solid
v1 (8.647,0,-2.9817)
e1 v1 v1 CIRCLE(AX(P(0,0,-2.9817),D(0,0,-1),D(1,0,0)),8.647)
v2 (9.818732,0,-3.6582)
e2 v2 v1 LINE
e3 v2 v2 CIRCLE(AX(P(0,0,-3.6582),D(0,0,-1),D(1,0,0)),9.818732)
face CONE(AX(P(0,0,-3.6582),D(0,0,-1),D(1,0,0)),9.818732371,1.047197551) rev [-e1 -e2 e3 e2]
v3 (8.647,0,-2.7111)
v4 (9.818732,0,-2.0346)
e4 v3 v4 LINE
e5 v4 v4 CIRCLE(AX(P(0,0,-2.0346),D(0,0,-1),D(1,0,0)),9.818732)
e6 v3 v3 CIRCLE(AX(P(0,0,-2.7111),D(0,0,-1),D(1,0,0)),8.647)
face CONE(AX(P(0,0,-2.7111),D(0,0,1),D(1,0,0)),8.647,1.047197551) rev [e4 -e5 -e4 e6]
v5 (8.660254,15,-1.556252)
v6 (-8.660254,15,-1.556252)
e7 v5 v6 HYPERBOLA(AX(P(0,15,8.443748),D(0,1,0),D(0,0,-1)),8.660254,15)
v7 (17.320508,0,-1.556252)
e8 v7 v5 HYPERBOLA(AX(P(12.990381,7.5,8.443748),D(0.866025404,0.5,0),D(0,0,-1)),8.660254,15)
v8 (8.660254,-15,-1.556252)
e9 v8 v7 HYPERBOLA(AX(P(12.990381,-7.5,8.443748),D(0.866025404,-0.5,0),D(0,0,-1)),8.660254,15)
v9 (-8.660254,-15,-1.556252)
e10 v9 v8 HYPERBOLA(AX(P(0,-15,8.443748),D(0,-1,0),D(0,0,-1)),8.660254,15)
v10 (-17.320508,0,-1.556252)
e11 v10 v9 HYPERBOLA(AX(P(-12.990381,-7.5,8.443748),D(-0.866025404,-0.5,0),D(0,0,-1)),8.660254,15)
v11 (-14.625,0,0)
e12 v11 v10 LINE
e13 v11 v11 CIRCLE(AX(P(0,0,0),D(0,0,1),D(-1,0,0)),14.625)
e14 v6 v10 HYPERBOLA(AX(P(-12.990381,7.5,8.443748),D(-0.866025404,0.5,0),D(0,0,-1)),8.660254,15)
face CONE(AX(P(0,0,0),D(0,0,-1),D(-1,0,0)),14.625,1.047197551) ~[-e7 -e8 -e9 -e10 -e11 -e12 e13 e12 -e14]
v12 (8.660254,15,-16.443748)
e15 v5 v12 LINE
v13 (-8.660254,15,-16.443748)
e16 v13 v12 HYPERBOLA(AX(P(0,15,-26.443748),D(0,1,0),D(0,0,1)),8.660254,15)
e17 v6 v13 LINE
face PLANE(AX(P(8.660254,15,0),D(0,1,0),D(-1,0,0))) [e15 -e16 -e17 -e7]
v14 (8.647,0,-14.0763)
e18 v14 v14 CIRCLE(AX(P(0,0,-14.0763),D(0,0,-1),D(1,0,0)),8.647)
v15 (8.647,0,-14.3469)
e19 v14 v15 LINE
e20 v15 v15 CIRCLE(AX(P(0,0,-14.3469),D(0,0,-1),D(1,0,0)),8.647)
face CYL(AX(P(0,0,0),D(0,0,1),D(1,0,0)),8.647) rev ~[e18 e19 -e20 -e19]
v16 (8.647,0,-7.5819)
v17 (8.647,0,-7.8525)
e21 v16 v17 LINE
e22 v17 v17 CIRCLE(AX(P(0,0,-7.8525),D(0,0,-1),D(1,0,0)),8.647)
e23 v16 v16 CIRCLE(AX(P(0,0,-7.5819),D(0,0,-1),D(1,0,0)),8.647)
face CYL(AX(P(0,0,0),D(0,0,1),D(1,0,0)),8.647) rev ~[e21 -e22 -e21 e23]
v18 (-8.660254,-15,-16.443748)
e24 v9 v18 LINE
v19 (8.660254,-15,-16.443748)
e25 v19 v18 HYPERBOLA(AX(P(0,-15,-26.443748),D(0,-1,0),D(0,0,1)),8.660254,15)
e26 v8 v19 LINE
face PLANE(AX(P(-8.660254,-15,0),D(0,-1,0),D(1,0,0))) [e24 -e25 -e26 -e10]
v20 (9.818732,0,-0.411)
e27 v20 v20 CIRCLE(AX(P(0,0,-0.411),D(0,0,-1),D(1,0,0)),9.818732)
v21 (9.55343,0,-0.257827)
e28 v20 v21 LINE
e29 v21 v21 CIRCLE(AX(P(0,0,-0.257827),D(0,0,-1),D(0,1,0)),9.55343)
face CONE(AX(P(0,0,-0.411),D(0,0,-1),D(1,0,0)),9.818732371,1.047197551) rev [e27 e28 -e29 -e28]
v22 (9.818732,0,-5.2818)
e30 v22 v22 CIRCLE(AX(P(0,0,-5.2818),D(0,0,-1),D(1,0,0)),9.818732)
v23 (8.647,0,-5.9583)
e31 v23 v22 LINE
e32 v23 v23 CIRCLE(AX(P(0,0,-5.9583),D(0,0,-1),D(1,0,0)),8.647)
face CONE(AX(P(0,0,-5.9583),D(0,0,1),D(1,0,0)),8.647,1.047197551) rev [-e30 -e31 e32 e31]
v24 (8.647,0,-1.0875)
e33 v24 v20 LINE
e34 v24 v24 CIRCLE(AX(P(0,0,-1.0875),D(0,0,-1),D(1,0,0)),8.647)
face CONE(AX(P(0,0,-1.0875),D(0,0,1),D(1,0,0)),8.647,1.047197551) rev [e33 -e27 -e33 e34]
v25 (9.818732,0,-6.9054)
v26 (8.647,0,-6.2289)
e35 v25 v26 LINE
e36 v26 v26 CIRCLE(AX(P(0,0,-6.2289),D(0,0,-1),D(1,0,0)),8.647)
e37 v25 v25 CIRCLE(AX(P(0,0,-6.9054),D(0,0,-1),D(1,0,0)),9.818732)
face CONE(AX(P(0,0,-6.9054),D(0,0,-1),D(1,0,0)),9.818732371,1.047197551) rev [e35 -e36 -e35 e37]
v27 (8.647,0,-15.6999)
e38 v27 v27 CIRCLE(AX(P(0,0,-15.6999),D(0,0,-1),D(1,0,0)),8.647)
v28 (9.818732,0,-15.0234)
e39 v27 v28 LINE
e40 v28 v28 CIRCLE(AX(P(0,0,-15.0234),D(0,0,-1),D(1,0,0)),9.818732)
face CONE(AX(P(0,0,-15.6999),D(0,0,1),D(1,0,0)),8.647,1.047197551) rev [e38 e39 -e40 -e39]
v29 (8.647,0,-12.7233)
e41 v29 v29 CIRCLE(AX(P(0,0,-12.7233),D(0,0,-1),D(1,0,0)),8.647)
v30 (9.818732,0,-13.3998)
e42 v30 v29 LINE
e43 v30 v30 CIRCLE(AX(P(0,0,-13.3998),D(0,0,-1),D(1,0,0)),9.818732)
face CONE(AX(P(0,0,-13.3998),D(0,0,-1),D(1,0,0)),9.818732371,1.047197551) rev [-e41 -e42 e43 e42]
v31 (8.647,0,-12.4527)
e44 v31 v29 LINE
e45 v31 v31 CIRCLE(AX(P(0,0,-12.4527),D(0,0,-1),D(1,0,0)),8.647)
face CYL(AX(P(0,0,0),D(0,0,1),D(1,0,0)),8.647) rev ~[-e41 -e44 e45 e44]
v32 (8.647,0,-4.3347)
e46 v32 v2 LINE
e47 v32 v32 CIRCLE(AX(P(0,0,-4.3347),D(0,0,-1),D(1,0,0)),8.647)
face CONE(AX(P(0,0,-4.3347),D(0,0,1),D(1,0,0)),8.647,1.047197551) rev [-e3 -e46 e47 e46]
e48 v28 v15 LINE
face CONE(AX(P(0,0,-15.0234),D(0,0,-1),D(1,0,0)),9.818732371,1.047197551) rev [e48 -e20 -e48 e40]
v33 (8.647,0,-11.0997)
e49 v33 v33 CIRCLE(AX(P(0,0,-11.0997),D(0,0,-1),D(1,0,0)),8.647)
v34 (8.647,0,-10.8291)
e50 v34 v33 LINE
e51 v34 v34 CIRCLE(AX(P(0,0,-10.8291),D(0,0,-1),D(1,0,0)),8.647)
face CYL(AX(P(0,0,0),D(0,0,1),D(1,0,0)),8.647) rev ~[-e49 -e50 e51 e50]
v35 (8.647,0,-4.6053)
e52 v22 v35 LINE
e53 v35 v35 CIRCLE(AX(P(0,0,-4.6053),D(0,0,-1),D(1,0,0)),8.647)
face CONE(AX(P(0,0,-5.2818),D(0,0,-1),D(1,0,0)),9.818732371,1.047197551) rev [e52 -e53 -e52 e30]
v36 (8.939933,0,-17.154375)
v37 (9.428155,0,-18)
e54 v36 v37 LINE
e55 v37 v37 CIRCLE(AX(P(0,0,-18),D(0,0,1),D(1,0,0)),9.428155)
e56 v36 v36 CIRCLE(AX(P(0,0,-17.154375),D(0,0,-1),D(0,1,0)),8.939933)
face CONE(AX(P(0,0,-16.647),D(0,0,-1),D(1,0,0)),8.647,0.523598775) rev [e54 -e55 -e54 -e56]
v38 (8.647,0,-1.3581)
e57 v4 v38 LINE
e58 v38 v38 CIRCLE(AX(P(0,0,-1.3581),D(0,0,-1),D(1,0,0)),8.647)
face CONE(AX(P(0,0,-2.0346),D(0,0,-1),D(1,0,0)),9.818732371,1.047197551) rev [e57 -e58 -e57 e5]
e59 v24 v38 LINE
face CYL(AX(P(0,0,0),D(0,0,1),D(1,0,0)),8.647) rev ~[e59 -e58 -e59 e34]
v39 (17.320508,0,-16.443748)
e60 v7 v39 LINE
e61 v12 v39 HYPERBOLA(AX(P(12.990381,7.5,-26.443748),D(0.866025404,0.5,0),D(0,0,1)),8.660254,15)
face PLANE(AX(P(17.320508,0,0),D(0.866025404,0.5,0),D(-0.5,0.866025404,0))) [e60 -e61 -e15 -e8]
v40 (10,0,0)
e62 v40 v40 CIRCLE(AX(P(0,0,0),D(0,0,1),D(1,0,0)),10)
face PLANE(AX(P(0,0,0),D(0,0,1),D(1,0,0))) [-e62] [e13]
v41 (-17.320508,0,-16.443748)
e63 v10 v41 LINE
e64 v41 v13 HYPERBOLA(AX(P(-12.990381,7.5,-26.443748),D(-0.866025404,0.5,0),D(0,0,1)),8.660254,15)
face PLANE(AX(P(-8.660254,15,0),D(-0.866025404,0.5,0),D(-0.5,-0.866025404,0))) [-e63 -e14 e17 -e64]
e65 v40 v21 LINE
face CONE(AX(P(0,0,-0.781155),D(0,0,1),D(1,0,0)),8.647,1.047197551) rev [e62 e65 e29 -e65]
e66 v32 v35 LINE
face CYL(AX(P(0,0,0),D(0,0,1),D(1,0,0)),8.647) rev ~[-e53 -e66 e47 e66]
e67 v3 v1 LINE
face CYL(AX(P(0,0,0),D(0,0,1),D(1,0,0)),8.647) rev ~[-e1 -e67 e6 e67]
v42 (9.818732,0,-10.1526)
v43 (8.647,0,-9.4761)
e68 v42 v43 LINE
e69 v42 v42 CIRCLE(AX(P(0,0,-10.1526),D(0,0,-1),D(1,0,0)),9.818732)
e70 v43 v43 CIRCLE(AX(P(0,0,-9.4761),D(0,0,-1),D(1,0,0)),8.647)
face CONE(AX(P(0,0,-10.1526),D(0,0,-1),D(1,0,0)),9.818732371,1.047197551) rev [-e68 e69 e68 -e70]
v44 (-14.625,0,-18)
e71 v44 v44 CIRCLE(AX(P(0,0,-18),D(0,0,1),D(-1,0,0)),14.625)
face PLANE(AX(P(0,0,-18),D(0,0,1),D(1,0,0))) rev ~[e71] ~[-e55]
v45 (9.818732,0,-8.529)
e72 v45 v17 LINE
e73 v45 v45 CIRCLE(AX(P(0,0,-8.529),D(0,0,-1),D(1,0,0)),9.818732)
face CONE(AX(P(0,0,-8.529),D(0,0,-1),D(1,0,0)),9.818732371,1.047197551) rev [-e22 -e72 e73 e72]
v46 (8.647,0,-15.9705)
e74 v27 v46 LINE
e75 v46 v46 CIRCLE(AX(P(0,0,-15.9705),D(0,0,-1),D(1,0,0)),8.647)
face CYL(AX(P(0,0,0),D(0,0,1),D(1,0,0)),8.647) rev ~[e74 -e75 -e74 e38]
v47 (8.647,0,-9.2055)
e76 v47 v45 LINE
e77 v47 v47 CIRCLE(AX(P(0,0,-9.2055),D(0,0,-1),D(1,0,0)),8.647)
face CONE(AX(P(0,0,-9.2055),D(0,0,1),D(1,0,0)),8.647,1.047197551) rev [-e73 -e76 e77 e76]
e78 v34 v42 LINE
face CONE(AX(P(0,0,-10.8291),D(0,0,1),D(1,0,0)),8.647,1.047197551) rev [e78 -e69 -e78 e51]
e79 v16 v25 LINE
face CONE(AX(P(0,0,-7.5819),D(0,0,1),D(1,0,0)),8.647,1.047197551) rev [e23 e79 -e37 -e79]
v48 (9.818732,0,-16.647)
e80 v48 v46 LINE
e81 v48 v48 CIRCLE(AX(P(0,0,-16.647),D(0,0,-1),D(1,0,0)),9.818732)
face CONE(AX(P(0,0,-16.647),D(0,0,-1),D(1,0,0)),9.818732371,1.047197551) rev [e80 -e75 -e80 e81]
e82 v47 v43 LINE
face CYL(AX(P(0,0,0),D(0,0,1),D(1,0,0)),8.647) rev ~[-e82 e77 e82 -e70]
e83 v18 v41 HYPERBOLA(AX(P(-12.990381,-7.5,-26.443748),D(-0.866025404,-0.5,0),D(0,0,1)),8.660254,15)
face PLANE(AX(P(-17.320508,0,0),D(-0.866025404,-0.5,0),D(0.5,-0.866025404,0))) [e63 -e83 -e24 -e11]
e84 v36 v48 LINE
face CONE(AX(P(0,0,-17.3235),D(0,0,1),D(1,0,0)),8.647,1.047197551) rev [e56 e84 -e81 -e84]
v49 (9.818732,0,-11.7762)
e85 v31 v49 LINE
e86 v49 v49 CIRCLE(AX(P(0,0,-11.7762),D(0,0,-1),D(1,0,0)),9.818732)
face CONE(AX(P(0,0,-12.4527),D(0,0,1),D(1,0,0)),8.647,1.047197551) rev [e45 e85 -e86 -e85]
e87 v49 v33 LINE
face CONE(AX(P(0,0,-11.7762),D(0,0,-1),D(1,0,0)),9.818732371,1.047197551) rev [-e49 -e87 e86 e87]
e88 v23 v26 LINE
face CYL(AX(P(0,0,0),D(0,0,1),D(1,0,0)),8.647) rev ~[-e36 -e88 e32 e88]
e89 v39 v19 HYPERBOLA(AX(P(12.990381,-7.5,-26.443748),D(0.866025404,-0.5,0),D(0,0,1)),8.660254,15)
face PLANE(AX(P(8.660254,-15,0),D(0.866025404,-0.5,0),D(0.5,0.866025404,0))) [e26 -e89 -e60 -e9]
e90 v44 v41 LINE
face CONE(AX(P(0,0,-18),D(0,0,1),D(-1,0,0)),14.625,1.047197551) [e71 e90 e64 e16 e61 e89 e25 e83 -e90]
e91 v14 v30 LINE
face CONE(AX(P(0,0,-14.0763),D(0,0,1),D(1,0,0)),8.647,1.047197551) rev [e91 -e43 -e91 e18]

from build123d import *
from OCP.BRepFilletAPI import BRepFilletAPI_MakeChamfer

# Parameters (mm, degrees)
SKETCH1_R        = 8.647
BASENUT_DEPTH    = 18
ENDCHAMFER_SIZE  = 1.353
ENDCHAMFER_SIZE2 = 0.781154914
LPATTERN10_COUNT = 11
LPATTERN10_PITCH = 1.6236


with BuildPart() as part:
    # Sketch1 → BaseNut (new body)
    with BuildSketch(Plane.XY):
        Polygon((17.320508076, 0), (8.660254038, 15), (-8.660254038, 15), (-17.320508076, 0), (-8.660254038, -15), (8.660254038, -15), align=None)
        Circle(SKETCH1_R, mode=Mode.SUBTRACT)
    extrude(amount=-BASENUT_DEPTH)

    # Sketch2 → Double-Chamfer (revolve, cut)
    with BuildSketch(Plane(origin=(0, 0, 0), x_dir=(1, 0, 0), z_dir=(0, 1, 0))):
        Polygon((-17.320508076, 18), (-14.625, 18), (-17.320508076, 16.443747687), align=None)
        Polygon((-17.320508076, 1.556252313), (-17.320508076, 0), (-14.625, 0), align=None)
    revolve(axis=Axis((0, 0, -3.375940562), (0, 0, 1)), mode=Mode.SUBTRACT)

    # EndChamfer: one chamfer whose edges measure the first distance from different faces: ONE call of the kernel's chamfer builder (chamfer() names one face for all edges)
    endchamfer_edges_1 = [part.edges().sort_by_distance(p)[0] for p in [
        (-8.647, 0, -18),
    ]]
    endchamfer_side_1 = [part.faces().sort_by_distance(p)[0] for p in [
        (-8.647, 0, -9),
    ]]
    endchamfer_edges_2 = [part.edges().sort_by_distance(p)[0] for p in [
        (-8.647, 0, 0),
    ]]
    endchamfer_side_2 = [part.faces().sort_by_distance(p)[0] for p in [
        (14.211342533, 0, 0),
    ]]
    endchamfer = BRepFilletAPI_MakeChamfer(part.part.solid().wrapped)
    for e in endchamfer_edges_1:
        endchamfer.Add(ENDCHAMFER_SIZE, ENDCHAMFER_SIZE2, e.wrapped, endchamfer_side_1[0].wrapped)  # the first distance lies on this face
    for e in endchamfer_edges_2:
        endchamfer.Add(ENDCHAMFER_SIZE, ENDCHAMFER_SIZE2, e.wrapped, endchamfer_side_2[0].wrapped)  # the first distance lies on this face
    add(Compound.cast(endchamfer.Shape()), mode=Mode.REPLACE)

    # Sketch3 → Cut-Revolve10 (revolve, cut)
    with BuildSketch(Plane(origin=(0, 0, 0), x_dir=(1, 0, 0), z_dir=(0, 1, 0)), mode=Mode.PRIVATE) as cut_revolve10_sk:
        Polygon((-9.818732371, 16.647), (-8.647, 15.9705), (-7.294, 15.9705), (-7.294, 17.3235), (-8.647, 17.3235), align=None)
    cut_revolve10 = revolve(cut_revolve10_sk.sketch.rotate(Axis((0, 0, -7.438254559), (0, 0, -1)), 180), axis=Axis((0, 0, -7.438254559), (0, 0, -1)), mode=Mode.SUBTRACT)

    # LPattern10: Cut-Revolve10 ×11
    with Locations(*[(0, 0, i * LPATTERN10_PITCH) for i in range(1, LPATTERN10_COUNT)]):
        add(cut_revolve10, mode=Mode.SUBTRACT)


solid = part.part
